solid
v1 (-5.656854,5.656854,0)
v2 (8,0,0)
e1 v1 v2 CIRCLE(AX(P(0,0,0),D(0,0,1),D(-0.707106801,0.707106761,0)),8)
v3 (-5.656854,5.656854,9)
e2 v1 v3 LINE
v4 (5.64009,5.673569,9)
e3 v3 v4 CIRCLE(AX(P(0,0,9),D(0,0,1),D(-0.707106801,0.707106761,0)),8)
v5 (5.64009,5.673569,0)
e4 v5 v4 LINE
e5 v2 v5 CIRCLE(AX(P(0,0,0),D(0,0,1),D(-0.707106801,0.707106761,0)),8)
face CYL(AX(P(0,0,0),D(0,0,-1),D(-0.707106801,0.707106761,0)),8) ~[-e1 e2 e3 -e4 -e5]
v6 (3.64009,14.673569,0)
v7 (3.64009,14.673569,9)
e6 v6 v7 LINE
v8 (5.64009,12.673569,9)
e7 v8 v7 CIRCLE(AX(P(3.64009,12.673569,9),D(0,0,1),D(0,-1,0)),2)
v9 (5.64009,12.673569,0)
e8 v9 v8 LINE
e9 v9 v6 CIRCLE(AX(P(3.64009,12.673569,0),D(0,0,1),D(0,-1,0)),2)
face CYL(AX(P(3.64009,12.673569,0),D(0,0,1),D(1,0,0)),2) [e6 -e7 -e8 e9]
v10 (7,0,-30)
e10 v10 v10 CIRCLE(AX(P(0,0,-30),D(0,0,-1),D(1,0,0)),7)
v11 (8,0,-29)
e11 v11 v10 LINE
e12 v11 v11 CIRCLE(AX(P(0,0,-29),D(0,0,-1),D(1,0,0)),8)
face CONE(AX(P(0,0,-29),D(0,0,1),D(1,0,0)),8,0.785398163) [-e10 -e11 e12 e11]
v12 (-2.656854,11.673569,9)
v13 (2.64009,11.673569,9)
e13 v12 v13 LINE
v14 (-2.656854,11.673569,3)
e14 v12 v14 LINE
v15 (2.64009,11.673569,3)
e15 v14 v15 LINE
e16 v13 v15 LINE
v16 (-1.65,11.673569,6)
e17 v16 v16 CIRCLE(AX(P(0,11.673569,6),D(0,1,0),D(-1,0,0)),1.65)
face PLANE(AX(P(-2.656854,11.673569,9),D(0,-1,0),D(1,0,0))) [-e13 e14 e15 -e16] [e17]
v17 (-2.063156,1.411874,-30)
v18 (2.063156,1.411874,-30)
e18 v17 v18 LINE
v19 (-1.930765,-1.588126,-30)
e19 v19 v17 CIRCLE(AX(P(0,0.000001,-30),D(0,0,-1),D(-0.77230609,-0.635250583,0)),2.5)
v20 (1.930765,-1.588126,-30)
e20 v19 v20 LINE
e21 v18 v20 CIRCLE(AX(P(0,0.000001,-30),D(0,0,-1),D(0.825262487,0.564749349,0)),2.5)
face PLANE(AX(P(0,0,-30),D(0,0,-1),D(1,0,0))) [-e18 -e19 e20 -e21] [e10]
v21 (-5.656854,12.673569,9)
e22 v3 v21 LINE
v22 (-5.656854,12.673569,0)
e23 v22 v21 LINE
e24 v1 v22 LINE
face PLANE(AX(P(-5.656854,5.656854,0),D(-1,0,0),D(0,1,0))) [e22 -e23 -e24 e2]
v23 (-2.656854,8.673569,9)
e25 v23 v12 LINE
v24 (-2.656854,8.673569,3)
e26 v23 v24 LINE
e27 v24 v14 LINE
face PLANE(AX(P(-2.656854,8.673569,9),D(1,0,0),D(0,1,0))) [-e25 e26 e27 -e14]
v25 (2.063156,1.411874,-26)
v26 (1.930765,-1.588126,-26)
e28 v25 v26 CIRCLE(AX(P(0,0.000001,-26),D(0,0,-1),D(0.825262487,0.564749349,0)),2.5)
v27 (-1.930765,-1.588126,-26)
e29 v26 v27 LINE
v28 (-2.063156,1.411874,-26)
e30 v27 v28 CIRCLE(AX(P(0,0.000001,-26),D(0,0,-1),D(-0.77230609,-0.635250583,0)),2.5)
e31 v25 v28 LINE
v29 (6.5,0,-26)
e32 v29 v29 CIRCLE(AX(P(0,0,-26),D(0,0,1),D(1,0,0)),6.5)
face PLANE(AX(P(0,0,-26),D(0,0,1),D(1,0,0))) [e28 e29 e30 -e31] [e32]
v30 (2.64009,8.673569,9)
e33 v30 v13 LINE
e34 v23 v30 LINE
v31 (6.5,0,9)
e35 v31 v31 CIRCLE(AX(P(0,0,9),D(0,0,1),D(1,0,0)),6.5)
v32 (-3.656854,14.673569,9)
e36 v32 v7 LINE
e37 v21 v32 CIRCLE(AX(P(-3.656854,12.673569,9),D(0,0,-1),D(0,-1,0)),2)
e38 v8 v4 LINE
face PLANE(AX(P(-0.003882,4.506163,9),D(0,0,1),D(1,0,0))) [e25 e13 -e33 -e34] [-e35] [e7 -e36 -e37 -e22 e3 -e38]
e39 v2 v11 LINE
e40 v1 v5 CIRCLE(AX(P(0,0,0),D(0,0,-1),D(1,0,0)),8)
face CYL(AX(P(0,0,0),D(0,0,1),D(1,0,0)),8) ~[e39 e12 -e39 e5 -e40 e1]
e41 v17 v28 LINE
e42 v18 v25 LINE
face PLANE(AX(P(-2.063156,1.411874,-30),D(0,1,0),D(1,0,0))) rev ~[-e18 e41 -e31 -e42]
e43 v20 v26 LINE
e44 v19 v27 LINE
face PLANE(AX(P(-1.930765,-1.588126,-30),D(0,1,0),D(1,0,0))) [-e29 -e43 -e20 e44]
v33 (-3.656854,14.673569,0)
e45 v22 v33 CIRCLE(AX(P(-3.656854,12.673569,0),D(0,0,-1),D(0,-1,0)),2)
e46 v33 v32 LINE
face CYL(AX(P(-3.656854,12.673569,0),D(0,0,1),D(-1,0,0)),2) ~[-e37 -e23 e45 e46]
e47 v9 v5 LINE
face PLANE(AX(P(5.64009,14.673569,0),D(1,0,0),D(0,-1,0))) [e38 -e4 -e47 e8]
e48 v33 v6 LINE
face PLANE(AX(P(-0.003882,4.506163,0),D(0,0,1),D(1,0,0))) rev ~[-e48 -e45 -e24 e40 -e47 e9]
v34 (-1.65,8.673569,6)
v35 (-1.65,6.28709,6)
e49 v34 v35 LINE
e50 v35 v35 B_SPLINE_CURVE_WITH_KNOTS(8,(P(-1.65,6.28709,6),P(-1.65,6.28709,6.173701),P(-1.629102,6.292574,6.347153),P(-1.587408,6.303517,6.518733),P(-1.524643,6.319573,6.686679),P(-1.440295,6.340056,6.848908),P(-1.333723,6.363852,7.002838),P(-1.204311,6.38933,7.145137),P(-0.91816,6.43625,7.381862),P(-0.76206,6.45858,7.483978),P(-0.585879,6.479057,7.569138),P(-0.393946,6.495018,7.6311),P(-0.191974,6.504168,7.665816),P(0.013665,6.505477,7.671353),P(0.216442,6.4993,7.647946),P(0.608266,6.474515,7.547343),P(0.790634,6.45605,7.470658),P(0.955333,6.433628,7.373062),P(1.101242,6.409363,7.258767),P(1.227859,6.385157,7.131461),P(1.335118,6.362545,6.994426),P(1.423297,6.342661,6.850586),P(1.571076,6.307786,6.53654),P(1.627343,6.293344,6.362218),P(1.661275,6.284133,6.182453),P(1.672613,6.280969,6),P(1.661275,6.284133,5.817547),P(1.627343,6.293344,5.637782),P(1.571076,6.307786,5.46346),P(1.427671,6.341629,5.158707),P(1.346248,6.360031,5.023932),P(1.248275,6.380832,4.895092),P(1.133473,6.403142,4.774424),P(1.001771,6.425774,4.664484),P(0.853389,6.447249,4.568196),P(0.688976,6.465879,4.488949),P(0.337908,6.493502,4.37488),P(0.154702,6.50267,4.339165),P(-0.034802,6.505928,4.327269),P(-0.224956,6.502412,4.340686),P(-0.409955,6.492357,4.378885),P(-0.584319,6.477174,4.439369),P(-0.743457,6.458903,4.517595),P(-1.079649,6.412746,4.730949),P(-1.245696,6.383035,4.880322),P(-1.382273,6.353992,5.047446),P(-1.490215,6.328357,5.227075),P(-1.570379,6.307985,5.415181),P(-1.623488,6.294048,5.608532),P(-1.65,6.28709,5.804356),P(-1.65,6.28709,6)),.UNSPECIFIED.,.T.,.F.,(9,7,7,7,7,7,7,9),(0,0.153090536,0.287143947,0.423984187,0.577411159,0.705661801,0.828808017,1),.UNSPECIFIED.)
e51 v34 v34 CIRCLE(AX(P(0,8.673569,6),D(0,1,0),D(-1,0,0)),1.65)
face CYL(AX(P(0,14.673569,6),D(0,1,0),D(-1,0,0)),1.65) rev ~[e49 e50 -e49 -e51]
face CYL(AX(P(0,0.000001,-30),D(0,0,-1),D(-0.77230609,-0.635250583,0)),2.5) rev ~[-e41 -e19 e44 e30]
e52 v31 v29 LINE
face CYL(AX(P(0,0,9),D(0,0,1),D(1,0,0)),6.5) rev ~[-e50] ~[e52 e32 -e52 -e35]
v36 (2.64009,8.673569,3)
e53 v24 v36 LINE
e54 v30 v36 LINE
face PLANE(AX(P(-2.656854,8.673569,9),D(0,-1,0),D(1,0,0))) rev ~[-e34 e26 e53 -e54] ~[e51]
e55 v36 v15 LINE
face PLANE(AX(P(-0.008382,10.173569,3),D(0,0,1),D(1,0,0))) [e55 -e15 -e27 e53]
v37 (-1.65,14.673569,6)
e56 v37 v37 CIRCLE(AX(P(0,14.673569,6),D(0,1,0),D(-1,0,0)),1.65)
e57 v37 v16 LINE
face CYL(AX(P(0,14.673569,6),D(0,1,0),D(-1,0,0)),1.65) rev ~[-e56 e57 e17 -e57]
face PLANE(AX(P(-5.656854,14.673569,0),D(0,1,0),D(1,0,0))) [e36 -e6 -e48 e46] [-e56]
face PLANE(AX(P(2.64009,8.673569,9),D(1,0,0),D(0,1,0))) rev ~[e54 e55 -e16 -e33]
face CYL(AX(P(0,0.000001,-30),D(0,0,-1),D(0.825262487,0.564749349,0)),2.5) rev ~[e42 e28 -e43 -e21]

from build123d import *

# Parameters (mm, degrees)
PAD_DEPTH       = 9
SKETCH001_R     = 8
PAD001_DEPTH    = 30
SKETCH002_R     = 6.5
POCKET_DEPTH    = 35
POCKET001_DEPTH = 5
CHAMFER_SIZE    = 1
FILLET_R        = 2
SKETCH004_W     = 5.296944
SKETCH004_H     = 3
POCKET002_DEPTH = 6
SKETCH005_R     = 1.65
HOLE_DEPTH      = 14.00858
HOLE_TIPS_R     = 1.65


with BuildPart() as part:
    # Sketch → Pad (new body)
    with BuildSketch(Plane.XY):
        with BuildLine():
            ThreePointArc((-5.656854, 5.656854), (0.011836, -7.999991), (5.64009, 5.673569))
            Line((5.64009, 14.673569), (5.64009, 5.673569))
            Line((-5.656854, 14.673569), (5.64009, 14.673569))
            Line((-5.656854, 5.656854), (-5.656854, 14.673569))
        make_face()
    extrude(amount=PAD_DEPTH)

    # Sketch001 (on Face5 of Pad) → Pad001 (join)
    with BuildSketch(Plane(origin=(0, 0, 0), x_dir=(1, 0, 0), z_dir=(0, 0, -1))):
        Circle(SKETCH001_R)
    extrude(amount=PAD001_DEPTH)

    # Sketch002 (on Face5 of Pad001) → Pocket (cut)
    with BuildSketch(Plane.XY.offset(9)):
        Circle(SKETCH002_R)
    extrude(amount=-POCKET_DEPTH, mode=Mode.SUBTRACT)

    # Sketch003 (on Face8 of Pocket) → Pocket001 (cut)
    with BuildSketch(Plane(origin=(0, 0, -30), x_dir=(1, 0, 0), z_dir=(0, 0, -1))):
        with BuildLine():
            Line((-1.930765, 1.588126), (1.930765, 1.588126))
            ThreePointArc((2.063156, -1.411874), (2.497569, 0.110218), (1.930765, 1.588126))
            Line((-2.063156, -1.411874), (2.063156, -1.411874))
            ThreePointArc((-1.930765, 1.588126), (-2.497569, 0.110218), (-2.063156, -1.411874))
        make_face()
    extrude(amount=-POCKET001_DEPTH, mode=Mode.SUBTRACT)

    # Chamfer
    chamfer_edges = [part.edges().sort_by_distance(p)[0] for p in [
        (-8, 0, -30),
    ]]
    chamfer(chamfer_edges, length=CHAMFER_SIZE)

    # Fillet
    fillet_edges = [part.edges().sort_by_distance(p)[0] for p in [
        (5.64009, 14.673569, 4.5),
        (-5.656854, 14.673569, 4.5),
    ]]
    fillet(fillet_edges, radius=FILLET_R)

    # Sketch004 (on Face9 of Fillet) → Pocket002 (cut)
    with BuildSketch(Plane.XY.offset(9)):
        with Locations((-0.008382, 10.173569)):
            Rectangle(SKETCH004_W, SKETCH004_H)
    extrude(amount=-POCKET002_DEPTH, mode=Mode.SUBTRACT)

    # Sketch005 (on Face5 of Pocket002) → Hole (cut)
    with BuildSketch(Plane(origin=(0, 14.673569, 0), x_dir=(-1, 0, 0), z_dir=(0, 1, 0))):
        with Locations((0, 6)):
            Circle(SKETCH005_R)
    extrude(amount=-HOLE_DEPTH, mode=Mode.SUBTRACT)

    # Hole tips → Hole tip 1 section 0
    with BuildSketch(Plane(origin=(0, 0.664989, 0), x_dir=(-1, 0, 0), z_dir=(0, 1, 0)), mode=Mode.PRIVATE) as hole_tip_1_s0:
        with Locations((0, 6)):
            Circle(HOLE_TIPS_R)
    loft([hole_tip_1_s0.sketch, Vertex(0, -0.326431, 6)], mode=Mode.SUBTRACT)


solid = part.part
